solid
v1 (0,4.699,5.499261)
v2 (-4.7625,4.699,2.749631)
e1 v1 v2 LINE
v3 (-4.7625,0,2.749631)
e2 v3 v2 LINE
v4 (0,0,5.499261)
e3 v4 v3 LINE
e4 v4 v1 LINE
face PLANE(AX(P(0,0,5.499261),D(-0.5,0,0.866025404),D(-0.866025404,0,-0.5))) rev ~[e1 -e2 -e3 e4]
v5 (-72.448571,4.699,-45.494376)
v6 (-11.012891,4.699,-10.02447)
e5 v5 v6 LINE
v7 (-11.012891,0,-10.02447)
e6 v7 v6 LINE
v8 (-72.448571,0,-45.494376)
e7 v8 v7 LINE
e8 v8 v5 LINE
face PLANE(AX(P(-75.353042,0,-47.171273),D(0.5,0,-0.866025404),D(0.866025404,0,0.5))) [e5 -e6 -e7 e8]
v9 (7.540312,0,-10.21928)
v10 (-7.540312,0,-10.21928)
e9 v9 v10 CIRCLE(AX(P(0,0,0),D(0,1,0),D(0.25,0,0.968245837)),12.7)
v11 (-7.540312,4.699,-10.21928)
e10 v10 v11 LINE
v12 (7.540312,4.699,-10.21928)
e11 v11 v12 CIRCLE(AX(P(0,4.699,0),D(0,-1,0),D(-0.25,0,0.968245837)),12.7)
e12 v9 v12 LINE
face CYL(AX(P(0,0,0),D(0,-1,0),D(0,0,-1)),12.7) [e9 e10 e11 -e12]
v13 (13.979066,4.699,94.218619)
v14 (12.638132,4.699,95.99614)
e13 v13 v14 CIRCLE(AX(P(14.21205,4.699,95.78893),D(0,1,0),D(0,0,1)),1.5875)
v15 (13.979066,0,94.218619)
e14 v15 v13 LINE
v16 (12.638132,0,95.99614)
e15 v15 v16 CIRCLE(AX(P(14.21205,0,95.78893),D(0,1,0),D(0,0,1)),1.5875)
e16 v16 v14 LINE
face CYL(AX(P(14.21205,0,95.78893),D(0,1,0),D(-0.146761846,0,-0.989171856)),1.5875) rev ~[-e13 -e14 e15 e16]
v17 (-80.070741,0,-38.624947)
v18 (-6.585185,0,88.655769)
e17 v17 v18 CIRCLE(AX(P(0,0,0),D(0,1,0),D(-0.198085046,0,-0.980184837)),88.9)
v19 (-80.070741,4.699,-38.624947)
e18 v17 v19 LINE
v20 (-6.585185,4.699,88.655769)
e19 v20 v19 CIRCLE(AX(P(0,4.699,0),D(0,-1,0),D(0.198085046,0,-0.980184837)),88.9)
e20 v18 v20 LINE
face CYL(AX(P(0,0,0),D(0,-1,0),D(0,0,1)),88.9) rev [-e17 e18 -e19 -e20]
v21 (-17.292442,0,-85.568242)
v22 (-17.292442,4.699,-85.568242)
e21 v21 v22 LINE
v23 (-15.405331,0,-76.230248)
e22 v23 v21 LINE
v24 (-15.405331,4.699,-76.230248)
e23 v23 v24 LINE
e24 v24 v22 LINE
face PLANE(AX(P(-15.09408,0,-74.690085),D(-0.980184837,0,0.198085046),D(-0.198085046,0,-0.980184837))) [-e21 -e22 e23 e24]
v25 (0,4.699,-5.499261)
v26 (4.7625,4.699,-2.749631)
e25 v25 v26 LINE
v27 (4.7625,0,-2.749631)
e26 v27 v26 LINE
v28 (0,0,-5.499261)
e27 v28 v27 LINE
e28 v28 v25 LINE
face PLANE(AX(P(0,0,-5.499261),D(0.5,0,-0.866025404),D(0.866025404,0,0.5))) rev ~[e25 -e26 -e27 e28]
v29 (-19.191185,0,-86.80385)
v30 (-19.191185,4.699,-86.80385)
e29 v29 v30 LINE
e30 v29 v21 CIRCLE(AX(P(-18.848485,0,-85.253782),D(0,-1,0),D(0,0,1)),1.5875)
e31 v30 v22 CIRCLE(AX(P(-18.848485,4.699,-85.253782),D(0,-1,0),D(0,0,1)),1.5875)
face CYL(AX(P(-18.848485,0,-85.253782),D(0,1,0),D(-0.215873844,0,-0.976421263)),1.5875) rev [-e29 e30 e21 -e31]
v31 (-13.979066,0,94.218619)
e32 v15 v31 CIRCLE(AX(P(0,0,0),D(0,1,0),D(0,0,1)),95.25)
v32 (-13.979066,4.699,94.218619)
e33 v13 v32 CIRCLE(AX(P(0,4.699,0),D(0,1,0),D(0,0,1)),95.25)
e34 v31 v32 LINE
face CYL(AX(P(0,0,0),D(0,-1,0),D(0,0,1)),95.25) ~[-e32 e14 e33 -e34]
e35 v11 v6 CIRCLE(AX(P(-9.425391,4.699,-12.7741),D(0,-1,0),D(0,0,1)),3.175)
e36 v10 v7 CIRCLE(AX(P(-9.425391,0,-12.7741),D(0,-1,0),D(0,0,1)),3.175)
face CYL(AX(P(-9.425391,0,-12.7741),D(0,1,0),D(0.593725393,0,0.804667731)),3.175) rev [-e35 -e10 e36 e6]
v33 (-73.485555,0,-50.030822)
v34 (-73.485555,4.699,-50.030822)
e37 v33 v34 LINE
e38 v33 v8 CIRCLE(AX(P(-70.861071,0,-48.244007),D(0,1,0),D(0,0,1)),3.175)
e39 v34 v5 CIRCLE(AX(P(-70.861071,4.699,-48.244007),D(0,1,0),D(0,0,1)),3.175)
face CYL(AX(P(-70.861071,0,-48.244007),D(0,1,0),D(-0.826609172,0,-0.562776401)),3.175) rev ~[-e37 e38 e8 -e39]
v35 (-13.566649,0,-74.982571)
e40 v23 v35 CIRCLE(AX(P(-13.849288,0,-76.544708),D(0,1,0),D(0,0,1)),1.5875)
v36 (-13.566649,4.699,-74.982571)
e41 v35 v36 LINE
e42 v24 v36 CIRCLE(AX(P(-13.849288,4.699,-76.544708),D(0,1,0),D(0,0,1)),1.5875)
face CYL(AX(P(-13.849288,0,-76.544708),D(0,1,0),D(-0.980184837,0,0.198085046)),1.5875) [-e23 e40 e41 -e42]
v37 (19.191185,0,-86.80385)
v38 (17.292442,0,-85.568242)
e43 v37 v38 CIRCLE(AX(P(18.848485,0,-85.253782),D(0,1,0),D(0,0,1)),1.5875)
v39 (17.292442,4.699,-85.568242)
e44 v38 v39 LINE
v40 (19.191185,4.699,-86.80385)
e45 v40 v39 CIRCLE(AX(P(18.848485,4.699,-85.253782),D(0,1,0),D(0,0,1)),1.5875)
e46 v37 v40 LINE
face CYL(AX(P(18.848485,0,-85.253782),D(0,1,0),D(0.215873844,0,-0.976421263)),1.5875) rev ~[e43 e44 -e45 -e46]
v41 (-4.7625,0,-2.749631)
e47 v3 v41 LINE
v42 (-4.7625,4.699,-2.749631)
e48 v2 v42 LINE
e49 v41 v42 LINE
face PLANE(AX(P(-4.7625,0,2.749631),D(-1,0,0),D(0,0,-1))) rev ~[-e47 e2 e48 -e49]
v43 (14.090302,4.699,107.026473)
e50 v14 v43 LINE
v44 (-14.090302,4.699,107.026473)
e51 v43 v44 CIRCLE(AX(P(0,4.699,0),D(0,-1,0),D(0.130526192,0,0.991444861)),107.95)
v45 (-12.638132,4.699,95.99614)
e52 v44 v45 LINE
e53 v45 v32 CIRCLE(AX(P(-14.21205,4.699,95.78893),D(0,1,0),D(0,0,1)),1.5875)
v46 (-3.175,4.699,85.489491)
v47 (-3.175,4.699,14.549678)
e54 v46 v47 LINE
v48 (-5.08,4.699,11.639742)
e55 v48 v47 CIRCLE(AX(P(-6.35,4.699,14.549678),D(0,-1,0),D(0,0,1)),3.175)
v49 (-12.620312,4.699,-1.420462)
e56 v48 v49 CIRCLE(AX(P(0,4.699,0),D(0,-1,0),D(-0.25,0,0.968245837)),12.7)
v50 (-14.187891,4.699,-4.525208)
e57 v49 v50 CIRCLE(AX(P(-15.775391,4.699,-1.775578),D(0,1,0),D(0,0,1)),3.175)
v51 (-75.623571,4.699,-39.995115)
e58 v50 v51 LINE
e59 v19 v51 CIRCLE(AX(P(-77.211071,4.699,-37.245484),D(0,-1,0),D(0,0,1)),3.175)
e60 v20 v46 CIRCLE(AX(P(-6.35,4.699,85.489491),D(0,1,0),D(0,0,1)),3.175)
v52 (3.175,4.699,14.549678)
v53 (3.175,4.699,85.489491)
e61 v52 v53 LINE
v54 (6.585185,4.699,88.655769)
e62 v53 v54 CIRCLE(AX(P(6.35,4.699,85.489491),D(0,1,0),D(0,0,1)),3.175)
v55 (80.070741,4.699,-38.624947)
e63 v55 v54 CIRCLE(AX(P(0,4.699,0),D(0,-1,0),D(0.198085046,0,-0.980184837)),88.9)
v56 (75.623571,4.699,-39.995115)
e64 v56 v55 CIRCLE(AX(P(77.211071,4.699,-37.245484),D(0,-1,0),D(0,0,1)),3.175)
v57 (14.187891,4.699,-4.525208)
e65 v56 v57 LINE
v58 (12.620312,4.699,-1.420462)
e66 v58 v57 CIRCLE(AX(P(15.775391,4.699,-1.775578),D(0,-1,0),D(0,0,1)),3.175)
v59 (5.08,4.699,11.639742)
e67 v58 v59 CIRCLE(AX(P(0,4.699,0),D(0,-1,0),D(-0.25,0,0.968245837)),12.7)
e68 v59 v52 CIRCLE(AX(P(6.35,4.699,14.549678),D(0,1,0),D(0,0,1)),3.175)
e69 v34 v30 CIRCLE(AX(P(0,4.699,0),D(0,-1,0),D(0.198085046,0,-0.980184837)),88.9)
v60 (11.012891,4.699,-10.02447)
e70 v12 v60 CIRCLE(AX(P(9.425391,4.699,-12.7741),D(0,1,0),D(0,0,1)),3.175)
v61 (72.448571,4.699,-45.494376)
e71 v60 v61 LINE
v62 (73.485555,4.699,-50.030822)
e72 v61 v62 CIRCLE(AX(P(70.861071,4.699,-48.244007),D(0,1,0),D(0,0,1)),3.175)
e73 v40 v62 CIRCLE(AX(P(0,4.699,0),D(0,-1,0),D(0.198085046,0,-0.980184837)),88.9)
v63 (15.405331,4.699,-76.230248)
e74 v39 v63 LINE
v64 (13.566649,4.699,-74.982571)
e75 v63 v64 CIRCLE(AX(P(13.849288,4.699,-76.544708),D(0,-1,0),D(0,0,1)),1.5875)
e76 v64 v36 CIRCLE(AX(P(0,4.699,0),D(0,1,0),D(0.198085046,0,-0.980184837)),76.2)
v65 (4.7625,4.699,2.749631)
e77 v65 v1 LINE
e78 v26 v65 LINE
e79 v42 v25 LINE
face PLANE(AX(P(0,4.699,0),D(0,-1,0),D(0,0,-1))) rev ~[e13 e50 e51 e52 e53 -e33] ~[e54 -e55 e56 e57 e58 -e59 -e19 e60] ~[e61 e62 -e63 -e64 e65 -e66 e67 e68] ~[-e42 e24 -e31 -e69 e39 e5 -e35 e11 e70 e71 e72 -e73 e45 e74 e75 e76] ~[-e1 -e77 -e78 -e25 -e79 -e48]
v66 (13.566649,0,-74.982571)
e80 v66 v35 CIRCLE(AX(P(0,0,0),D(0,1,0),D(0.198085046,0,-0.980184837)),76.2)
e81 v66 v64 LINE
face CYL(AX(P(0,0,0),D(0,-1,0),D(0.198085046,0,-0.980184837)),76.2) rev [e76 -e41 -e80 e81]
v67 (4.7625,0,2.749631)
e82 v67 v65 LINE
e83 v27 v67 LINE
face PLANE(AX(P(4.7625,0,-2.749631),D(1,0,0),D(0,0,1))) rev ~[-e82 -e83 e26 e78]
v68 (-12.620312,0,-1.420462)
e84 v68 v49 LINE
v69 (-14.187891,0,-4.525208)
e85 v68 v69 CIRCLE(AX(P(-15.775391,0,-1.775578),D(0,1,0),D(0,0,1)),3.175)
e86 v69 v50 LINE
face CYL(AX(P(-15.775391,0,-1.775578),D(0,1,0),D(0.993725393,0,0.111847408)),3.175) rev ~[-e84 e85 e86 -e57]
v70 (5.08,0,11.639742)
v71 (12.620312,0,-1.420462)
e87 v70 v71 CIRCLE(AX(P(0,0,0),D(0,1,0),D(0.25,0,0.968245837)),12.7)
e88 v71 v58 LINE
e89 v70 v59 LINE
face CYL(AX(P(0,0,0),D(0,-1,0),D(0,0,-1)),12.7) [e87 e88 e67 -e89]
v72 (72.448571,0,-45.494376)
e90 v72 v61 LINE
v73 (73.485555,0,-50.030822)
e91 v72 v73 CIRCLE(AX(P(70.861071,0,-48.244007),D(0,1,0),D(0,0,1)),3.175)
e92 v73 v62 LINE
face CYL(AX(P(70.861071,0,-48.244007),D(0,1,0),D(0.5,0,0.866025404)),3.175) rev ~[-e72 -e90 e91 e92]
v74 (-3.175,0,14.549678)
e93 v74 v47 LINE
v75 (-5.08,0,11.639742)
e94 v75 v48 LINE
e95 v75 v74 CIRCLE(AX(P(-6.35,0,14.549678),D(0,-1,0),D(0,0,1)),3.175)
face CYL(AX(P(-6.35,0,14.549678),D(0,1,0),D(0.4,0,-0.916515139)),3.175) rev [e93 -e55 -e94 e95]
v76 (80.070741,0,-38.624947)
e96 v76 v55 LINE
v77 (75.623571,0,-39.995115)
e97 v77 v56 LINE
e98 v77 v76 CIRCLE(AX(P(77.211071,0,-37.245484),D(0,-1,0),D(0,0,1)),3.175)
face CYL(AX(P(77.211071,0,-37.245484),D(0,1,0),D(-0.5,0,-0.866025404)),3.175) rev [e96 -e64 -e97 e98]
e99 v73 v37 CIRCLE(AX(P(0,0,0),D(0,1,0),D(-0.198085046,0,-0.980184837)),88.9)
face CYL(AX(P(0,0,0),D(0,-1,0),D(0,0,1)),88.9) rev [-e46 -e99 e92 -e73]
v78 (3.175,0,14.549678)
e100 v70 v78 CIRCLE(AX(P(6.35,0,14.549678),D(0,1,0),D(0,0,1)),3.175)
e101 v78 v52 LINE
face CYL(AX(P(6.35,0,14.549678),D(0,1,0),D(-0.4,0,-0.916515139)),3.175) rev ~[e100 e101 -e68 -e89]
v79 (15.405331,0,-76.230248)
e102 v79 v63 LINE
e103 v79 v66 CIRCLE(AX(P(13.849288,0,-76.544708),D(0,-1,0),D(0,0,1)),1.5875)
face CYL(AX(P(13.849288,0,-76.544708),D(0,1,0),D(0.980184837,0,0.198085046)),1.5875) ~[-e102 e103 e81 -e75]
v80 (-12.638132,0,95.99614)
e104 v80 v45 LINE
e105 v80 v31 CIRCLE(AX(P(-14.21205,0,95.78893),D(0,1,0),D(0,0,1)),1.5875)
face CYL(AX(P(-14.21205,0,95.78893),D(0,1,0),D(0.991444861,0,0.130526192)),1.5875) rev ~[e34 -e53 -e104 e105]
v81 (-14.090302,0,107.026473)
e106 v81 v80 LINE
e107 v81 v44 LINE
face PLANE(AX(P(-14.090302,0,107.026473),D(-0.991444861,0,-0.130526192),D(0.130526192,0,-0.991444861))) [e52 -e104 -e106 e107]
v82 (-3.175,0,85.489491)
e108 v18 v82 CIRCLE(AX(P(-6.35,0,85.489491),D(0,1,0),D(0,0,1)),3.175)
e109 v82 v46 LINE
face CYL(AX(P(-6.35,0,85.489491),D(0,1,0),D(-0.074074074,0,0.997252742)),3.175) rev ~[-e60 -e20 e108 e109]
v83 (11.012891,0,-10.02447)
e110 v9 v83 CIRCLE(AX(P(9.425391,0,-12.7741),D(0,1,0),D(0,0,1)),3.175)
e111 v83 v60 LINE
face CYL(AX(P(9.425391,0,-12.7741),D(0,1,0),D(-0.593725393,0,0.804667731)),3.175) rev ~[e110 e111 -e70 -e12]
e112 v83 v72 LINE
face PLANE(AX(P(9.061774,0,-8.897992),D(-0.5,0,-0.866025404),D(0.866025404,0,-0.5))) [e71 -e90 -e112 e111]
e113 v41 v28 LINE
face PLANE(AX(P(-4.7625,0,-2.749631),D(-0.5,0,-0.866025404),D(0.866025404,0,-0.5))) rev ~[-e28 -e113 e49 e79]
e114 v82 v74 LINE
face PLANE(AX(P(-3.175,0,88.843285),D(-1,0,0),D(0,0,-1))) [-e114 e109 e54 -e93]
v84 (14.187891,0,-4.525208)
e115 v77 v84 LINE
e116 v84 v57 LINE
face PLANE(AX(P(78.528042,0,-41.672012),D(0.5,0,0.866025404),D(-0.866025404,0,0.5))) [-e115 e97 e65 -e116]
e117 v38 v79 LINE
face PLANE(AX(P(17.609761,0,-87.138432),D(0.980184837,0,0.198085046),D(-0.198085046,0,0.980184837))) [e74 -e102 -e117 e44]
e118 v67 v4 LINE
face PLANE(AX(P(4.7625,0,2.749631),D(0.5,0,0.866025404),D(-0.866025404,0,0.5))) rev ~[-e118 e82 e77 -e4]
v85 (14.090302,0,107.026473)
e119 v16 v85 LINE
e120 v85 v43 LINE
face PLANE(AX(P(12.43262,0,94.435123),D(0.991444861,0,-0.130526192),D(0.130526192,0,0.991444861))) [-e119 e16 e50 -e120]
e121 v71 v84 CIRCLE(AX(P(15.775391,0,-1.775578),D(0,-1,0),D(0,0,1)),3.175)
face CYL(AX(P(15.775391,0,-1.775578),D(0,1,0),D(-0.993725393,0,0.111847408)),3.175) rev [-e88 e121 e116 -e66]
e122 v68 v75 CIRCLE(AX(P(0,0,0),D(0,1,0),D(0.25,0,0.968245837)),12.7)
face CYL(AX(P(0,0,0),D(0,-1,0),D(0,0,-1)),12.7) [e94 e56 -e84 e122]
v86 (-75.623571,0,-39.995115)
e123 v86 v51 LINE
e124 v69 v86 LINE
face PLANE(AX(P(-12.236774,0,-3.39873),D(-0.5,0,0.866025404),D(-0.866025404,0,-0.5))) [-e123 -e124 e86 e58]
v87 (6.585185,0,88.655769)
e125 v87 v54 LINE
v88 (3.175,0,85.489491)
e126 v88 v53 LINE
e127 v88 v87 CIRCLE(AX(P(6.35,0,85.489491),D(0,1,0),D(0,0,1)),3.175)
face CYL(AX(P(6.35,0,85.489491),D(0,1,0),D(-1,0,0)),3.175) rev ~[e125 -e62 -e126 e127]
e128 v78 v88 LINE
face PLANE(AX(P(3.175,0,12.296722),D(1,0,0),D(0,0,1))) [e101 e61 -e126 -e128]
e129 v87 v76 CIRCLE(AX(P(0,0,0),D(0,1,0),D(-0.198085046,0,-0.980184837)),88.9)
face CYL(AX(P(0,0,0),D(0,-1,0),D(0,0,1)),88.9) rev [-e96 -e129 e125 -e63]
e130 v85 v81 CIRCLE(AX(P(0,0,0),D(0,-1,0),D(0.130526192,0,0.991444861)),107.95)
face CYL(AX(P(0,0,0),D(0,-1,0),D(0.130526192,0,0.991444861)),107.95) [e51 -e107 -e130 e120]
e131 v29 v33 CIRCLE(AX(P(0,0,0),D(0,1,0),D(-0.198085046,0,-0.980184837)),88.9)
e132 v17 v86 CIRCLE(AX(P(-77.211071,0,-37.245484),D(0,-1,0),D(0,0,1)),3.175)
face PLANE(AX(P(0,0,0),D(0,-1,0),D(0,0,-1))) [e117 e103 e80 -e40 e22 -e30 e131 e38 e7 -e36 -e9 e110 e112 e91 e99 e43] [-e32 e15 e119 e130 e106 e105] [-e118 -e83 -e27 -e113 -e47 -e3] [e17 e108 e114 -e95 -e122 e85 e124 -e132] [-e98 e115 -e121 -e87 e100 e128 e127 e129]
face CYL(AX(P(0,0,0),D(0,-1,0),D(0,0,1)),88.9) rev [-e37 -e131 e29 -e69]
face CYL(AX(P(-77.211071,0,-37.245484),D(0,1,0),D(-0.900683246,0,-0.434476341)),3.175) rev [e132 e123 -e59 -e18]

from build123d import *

# Parameters (mm, degrees)
SKETCH1_R                = 95.25
SKETCH1_R_2              = 88.9
BOSS_EXTRUDE1_DEPTH      = 4.699
BOSS_EXTRUDE2_DEPTH      = 4.699
SKETCH3_R                = 12.7
BOSS_EXTRUDE3_DEPTH      = 4.699
BOSS_EXTRUDE4_DEPTH      = 4.699
FILLET1_R                = 3.175
CIRPATTERN1_COUNT        = 3
FILLET1_OF_CIRPATTERN1_R = 3.175
FILLET2_R                = 1.5875


with BuildPart() as part:
    # Sketch1 → Boss-Extrude1 (new body)
    with BuildSketch(Plane(origin=(0, 0, 0), x_dir=(1, 0, 0), z_dir=(0, 1, 0))):
        with Locations(Location((0, 0, 0), (0, 0, 270))):
            Circle(SKETCH1_R)
        with Locations(Location((0, 0, 0), (0, 0, 270))):
            Circle(SKETCH1_R_2, mode=Mode.SUBTRACT)
    extrude(amount=BOSS_EXTRUDE1_DEPTH)

    # Sketch2 → Boss-Extrude2 (add)
    with BuildSketch(Plane.XZ):
        with BuildLine():
            ThreePointArc((14.09030245, 107.026472785), (0, 107.95), (-14.09030245, 107.026472785))
            Line((-14.09030245, 107.026472785), (-12.432619809, 94.435123046))
            ThreePointArc((-12.432619809, 94.435123046), (0, 95.25), (12.432619809, 94.435123046))
            Line((12.432619809, 94.435123046), (14.09030245, 107.026472785))
        make_face()
        with BuildLine():
            Line((-15.09408047, -74.690084581), (-17.609760548, -87.138432012))
            ThreePointArc((-17.609760548, -87.138432012), (0, -88.9), (17.609760548, -87.138432012))
            Line((17.609760548, -87.138432012), (15.09408047, -74.690084581))
            ThreePointArc((15.09408047, -74.690084581), (0, -76.2), (-15.09408047, -74.690084581))
        make_face()
    extrude(amount=-BOSS_EXTRUDE2_DEPTH)



with BuildPart() as body_2:
    # Sketch3 → Boss-Extrude3 (new body)
    with BuildSketch(Plane.XZ):
        with Locations(Location((0, 0, 0), (0, 0, 270))):
            Circle(SKETCH3_R)
        Polygon((0, 5.499261314), (-4.7625, 2.749630657), (-4.7625, -2.749630657), (0, -5.499261314), (4.7625, -2.749630657), (4.7625, 2.749630657), align=None, mode=Mode.SUBTRACT)
    extrude(amount=-BOSS_EXTRUDE3_DEPTH)


with BuildPart() as part_1:
    add(part.part)

    add(body_2.part)  # Boss-Extrude4 merges body 2
    # Sketch4 → Boss-Extrude4 (add)
    with BuildSketch(Plane(origin=(0, 0, 0), x_dir=(-1, 0, 0), z_dir=(0, -1, 0))):
        with BuildLine():
            Line((3.175, -88.843285481), (3.175, -12.296722124))
            ThreePointArc((3.175, -12.296722124), (0, -12.7), (-3.175, -12.296722124))
            Line((-3.175, -12.296722124), (-3.175, -88.843285481))
            ThreePointArc((-3.175, -88.843285481), (0, -88.9), (3.175, -88.843285481))
        make_face()
    boss_extrude4 = extrude(amount=-BOSS_EXTRUDE4_DEPTH)

    # Fillet1
    fillet1_edges = [part_1.edges().sort_by_distance(p)[0] for p in [
        (-3.175, 2.3495, 12.296722124),
        (3.175, 2.3495, 12.296722124),
        (3.175, 2.3495, 88.843285481),
        (-3.175, 2.3495, 88.843285481),
    ]]
    fillet(fillet1_edges, radius=FILLET1_R)

    # CirPattern1: Boss-Extrude4 ×3 about axis
    cirpattern1_axis = Axis((0, 0, 0), (0, 1, 0))
    for i in range(1, CIRPATTERN1_COUNT):
        add(boss_extrude4.rotate(cirpattern1_axis, i * 360 / CIRPATTERN1_COUNT))

    # Fillet1 of CirPattern1
    fillet1_of_cirpattern1_edges = [part_1.edges().sort_by_distance(p)[0] for p in [
        (12.236773743, 2.3495, -3.398730405),
        (9.061773743, 2.3495, -8.897991719),
        (75.353042182, 2.3495, -47.171273397),
        (78.528042182, 2.3495, -41.672012083),
        (-9.061773743, 2.3495, -8.897991719),
        (-12.236773743, 2.3495, -3.398730405),
        (-78.528042182, 2.3495, -41.672012083),
        (-75.353042182, 2.3495, -47.171273397),
    ]]
    fillet(fillet1_of_cirpattern1_edges, radius=FILLET1_OF_CIRPATTERN1_R)

    # Fillet2
    fillet2_edges = [part_1.edges().sort_by_distance(p)[0] for p in [
        (-15.09408047, 2.3495, -74.690084581),
        (15.09408047, 2.3495, -74.690084581),
        (17.609760548, 2.3495, -87.138432012),
        (-17.609760548, 2.3495, -87.138432012),
        (-12.432619809, 2.3495, 94.435123046),
        (12.432619809, 2.3495, 94.435123046),
    ]]
    fillet(fillet2_edges, radius=FILLET2_R)


solid = part_1.part
